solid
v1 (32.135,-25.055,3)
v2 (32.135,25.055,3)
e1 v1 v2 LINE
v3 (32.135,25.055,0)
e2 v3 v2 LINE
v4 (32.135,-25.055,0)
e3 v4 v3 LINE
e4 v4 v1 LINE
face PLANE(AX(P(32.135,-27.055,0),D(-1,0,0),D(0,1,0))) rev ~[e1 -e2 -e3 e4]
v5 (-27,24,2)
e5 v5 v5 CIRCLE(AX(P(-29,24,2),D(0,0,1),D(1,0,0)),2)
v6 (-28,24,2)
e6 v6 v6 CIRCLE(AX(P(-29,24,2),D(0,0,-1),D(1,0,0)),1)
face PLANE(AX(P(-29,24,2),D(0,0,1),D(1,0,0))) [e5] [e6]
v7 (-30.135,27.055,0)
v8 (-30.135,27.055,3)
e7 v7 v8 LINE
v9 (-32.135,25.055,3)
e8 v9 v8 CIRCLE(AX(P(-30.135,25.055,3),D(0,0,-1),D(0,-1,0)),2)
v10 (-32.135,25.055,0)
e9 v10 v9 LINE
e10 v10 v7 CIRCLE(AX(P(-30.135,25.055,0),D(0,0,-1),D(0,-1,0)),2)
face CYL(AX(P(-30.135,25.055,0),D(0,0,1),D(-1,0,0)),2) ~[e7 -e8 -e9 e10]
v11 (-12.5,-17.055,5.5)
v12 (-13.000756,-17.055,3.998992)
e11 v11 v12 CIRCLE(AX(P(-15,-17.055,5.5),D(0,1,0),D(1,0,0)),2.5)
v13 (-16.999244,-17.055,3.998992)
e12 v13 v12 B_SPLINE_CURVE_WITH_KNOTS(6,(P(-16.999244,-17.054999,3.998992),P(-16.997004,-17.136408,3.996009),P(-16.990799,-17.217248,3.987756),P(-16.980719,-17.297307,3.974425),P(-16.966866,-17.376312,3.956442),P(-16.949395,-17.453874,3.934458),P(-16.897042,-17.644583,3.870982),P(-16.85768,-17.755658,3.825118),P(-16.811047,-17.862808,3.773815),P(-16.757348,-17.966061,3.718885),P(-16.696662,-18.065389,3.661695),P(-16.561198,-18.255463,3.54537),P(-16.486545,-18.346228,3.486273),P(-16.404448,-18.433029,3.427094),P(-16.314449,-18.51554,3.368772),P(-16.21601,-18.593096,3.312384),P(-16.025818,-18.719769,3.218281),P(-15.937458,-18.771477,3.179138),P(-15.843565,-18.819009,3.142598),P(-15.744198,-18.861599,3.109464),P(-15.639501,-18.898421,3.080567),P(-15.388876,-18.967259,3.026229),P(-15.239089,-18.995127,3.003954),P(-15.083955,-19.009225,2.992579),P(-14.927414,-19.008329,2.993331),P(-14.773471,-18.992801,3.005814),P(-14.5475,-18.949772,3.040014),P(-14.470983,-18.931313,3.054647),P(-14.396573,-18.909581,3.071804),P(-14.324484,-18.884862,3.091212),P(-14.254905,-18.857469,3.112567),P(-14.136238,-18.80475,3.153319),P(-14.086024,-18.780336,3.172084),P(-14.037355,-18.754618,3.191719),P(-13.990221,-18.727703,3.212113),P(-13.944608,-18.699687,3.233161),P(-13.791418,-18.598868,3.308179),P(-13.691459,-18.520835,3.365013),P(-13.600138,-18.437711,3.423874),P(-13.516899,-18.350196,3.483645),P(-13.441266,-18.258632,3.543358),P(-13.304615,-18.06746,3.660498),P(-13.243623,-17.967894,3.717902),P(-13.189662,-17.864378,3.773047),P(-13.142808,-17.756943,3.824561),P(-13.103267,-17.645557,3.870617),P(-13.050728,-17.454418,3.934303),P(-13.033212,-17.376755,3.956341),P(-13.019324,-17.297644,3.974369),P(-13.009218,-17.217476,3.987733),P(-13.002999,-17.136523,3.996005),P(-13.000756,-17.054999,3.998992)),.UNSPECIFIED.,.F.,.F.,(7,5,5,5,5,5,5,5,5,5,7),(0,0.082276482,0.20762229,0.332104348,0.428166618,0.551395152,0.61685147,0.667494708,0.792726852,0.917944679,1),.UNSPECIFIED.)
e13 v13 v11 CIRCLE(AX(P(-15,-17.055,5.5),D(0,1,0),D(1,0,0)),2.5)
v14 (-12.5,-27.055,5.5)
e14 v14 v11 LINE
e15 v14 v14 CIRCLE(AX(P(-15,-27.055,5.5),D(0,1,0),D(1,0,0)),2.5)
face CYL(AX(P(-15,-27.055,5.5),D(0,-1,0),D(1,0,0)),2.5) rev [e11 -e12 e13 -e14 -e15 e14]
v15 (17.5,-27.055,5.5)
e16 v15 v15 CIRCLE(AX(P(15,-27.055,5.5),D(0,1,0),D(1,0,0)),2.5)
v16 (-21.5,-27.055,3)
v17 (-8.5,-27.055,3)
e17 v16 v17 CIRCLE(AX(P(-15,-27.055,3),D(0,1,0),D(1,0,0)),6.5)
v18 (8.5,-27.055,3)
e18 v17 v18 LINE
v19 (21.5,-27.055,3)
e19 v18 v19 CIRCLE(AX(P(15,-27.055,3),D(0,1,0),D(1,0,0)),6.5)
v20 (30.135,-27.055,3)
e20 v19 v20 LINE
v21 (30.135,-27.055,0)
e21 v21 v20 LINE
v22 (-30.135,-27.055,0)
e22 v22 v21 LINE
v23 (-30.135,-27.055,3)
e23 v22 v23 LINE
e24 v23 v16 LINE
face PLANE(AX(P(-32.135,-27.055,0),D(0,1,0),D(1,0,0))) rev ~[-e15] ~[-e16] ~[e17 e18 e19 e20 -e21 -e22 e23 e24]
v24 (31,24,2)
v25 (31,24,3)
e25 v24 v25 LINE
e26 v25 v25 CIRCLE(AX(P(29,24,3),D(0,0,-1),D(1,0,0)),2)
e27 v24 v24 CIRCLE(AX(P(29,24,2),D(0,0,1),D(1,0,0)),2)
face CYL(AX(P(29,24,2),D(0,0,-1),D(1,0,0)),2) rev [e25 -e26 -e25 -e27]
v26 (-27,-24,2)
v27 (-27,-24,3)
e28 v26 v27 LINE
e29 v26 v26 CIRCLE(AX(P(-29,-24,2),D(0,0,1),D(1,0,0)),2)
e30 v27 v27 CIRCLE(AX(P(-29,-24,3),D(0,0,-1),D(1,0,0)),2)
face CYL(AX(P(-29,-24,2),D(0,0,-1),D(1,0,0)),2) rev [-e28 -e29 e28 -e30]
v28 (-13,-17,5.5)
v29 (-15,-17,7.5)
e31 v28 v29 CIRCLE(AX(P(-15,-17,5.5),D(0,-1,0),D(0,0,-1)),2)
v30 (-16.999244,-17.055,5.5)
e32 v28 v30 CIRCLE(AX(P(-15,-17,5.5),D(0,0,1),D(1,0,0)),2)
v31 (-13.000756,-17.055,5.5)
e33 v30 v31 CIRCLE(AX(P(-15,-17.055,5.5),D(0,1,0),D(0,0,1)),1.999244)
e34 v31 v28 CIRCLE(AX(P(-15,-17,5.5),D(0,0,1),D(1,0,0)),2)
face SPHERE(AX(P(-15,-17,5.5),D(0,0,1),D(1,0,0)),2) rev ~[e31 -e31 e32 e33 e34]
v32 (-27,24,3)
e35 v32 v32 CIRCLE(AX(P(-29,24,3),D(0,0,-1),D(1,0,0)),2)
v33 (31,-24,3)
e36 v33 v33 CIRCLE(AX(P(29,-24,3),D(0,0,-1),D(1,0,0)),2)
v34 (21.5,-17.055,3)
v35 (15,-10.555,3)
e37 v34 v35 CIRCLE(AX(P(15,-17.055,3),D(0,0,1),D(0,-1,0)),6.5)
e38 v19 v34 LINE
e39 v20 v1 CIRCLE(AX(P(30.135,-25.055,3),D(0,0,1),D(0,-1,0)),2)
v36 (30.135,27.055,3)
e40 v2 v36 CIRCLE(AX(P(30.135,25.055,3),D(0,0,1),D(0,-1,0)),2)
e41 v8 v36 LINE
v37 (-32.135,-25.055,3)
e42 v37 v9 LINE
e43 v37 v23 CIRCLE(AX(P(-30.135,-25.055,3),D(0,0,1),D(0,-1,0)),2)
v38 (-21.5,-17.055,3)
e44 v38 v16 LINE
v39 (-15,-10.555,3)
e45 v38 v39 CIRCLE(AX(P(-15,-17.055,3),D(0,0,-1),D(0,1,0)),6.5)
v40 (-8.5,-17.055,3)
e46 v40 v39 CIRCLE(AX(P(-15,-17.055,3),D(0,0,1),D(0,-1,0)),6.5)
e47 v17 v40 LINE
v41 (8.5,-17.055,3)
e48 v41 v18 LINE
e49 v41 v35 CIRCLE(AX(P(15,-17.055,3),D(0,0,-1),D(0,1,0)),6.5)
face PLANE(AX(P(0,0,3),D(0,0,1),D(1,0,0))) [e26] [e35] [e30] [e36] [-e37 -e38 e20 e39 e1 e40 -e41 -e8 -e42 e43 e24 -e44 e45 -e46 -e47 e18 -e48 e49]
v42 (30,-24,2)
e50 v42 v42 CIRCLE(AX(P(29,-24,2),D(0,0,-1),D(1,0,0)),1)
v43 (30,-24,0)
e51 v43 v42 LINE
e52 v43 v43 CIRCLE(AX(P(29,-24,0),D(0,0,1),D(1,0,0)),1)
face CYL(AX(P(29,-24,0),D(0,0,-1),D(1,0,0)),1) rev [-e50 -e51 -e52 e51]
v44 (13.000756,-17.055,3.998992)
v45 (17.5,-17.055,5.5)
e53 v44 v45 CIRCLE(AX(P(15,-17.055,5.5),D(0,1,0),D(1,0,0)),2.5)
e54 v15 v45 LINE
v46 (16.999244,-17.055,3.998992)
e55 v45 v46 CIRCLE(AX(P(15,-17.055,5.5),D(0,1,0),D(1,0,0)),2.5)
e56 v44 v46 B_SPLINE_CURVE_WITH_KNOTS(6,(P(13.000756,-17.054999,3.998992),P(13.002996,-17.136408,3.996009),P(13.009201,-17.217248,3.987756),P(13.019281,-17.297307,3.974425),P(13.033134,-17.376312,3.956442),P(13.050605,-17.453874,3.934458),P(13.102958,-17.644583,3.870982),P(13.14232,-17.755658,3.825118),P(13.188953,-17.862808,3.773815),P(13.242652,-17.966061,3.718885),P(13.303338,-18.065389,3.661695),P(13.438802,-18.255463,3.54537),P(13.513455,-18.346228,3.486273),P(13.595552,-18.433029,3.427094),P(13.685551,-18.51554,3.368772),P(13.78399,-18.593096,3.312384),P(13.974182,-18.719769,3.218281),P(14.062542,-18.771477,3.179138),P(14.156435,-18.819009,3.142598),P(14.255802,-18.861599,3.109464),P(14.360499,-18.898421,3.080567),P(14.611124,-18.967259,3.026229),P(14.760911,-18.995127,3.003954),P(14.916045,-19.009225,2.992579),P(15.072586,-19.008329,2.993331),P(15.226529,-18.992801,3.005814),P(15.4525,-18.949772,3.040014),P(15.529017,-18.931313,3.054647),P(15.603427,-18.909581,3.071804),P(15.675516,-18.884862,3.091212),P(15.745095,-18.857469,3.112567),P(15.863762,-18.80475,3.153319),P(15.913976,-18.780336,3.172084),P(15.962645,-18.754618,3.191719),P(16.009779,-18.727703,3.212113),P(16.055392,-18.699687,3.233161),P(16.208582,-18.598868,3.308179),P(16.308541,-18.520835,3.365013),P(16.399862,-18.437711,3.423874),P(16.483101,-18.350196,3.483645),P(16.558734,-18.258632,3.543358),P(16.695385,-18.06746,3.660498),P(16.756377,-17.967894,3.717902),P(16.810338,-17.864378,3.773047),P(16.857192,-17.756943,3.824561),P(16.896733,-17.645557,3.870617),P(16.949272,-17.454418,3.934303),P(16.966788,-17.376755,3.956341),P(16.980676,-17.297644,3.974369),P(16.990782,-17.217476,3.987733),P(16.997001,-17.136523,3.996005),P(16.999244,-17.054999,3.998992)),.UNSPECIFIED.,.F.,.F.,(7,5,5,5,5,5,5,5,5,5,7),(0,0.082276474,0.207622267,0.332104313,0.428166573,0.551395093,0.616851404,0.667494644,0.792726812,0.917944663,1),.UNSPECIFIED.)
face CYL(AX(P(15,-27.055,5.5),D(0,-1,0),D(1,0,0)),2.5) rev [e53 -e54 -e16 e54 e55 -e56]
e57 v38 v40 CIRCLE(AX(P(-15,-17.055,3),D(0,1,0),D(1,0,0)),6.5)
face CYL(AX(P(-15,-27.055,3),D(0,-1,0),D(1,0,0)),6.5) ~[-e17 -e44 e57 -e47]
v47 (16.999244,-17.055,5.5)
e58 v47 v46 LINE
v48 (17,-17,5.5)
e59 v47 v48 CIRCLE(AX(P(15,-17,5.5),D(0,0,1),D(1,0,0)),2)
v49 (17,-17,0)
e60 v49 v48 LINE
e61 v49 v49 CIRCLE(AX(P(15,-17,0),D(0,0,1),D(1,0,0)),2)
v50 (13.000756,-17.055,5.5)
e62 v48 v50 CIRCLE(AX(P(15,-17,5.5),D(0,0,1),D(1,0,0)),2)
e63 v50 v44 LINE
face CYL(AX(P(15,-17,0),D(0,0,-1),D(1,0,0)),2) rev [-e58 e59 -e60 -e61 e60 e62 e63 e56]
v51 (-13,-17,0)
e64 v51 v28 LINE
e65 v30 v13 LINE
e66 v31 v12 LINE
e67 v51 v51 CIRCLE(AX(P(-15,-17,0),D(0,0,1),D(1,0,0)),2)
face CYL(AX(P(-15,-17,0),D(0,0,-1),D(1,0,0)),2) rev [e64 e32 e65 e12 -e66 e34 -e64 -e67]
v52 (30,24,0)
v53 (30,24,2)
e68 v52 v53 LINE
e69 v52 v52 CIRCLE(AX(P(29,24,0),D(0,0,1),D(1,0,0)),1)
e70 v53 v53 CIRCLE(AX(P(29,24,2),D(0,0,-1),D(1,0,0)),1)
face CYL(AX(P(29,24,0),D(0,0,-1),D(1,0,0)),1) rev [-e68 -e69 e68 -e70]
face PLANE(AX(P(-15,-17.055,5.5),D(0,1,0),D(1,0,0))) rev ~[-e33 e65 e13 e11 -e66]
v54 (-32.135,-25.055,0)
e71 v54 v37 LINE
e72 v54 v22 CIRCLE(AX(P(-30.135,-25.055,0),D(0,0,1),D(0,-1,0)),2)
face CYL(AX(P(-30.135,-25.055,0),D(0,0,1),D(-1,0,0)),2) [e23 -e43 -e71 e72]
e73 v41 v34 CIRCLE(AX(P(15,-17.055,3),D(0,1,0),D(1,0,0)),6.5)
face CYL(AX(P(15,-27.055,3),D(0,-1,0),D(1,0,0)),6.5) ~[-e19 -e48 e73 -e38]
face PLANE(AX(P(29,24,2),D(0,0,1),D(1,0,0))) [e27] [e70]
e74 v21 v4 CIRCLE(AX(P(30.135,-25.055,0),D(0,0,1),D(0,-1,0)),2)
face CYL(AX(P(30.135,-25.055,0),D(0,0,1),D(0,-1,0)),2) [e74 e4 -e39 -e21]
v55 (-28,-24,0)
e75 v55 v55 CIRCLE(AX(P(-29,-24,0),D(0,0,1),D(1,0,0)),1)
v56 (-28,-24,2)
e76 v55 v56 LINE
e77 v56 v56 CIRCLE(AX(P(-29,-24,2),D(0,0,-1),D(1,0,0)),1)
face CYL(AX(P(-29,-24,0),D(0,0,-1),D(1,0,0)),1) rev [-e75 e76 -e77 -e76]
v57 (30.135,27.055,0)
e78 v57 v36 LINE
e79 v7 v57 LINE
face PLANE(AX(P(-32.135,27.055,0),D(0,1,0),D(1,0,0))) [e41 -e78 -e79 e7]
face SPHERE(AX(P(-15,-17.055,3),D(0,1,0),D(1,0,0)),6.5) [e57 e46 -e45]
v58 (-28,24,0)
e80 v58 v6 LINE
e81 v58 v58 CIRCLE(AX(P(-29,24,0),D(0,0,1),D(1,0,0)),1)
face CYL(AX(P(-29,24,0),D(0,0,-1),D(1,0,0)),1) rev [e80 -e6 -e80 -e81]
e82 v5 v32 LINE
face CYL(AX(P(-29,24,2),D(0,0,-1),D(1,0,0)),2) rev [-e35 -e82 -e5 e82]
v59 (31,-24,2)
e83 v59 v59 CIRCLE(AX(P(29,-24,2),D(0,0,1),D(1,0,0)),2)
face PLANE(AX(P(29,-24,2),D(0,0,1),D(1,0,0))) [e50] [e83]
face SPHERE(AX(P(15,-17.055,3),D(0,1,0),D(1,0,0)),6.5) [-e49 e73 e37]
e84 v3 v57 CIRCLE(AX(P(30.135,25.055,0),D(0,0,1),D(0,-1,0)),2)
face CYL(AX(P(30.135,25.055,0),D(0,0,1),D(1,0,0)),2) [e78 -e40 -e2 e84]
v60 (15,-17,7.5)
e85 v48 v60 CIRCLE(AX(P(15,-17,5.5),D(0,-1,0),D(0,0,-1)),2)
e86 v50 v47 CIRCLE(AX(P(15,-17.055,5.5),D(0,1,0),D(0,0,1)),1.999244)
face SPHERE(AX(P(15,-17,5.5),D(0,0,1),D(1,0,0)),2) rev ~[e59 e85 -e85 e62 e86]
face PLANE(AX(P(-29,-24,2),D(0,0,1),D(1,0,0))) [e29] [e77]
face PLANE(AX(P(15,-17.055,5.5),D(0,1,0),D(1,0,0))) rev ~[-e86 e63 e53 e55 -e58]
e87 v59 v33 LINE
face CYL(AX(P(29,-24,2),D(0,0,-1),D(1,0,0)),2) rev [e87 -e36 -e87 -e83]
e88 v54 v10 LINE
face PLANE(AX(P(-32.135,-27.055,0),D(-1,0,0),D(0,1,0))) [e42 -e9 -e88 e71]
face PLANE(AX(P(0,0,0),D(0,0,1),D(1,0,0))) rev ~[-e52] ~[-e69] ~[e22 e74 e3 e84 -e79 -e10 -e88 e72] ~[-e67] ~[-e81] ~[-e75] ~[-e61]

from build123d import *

# Parameters (mm, degrees)
CYLINDER012_R          = 2
CYLINDER012_DEPTH      = 5.5
CYLINDER013_R          = 2
CYLINDER013_DEPTH      = 5.5
BOX001_W               = 16
BOX001_H               = 10
BOX001_DEPTH           = 31
CYLINDER009_R          = 2.5
CYLINDER009_DEPTH      = 10
CYLINDER008_R          = 6.5
CYLINDER008_DEPTH      = 10
CUT001_PLACEMENT_ANGLE = 90
CYLINDER_R             = 2
CYLINDER_DEPTH         = 2
CYLINDER001_R          = 1
CYLINDER001_DEPTH      = 10
CYLINDER002_R          = 2
CYLINDER002_DEPTH      = 2
CYLINDER003_R          = 1
CYLINDER003_DEPTH      = 10
CYLINDER004_R          = 2
CYLINDER004_DEPTH      = 2
CYLINDER005_R          = 1
CYLINDER005_DEPTH      = 10
CYLINDER006_R          = 2
CYLINDER006_DEPTH      = 2
CYLINDER007_R          = 1
CYLINDER007_DEPTH      = 10
BOX_W                  = 64.27
BOX_H                  = 54.11
BOX_DEPTH              = 3
FILLET_R               = 2
BOX002_W               = 16
BOX002_H               = 10
BOX002_DEPTH           = 31
CYLINDER010_R          = 2.5
CYLINDER010_DEPTH      = 10
CYLINDER011_R          = 6.5
CYLINDER011_DEPTH      = 10
CUT002_PLACEMENT_ANGLE = 90


with BuildPart() as cylinder012:
    # Cylinder012 → Cylinder012 (new body)
    with BuildSketch(Plane(origin=(-15, -17, 0), x_dir=(1, 0, 0), z_dir=(0, 0, 1))):
        Circle(CYLINDER012_R)
    extrude(amount=CYLINDER012_DEPTH)


with BuildPart() as fusion016:
    # Sphere002 → Sphere002 (revolve)
    with BuildSketch(Plane(origin=(-15, -17, 5.5), x_dir=(1, 0, 0), z_dir=(0, -1, 0))):
        with BuildLine():
            ThreePointArc((0, -2), (2, 0), (0, 2))
            Line((0, 2), (0, -2))
        make_face()
    revolve(axis=Axis((-15, -17, 5.5), (0, 0, 1)))

    # Fusion016: union Cylinder012
    add(cylinder012.part)


with BuildPart() as cylinder013:
    # Cylinder013 → Cylinder013 (new body)
    with BuildSketch(Plane(origin=(-15, -17, 0), x_dir=(1, 0, 0), z_dir=(0, 0, 1))):
        Circle(CYLINDER013_R)
    extrude(amount=CYLINDER013_DEPTH)


with BuildPart() as fusion018:
    # Sphere003 → Sphere003 (revolve)
    with BuildSketch(Plane(origin=(-15, -17, 5.5), x_dir=(1, 0, 0), z_dir=(0, -1, 0))):
        with BuildLine():
            ThreePointArc((0, -2), (2, 0), (0, 2))
            Line((0, 2), (0, -2))
        make_face()
    revolve(axis=Axis((-15, -17, 5.5), (0, 0, 1)))

    # Fusion017: union Cylinder013
    add(cylinder013.part)


with BuildPart() as fusion018_1:
    # Fusion017 placement: moved
    add(fusion018.part.moved(Location((30, 0, 0))))

    # Fusion018: union Fusion016
    add(fusion016.part)


with BuildPart() as cube001:
    # Box001 → Box001 (new body)
    with BuildSketch(Plane(origin=(-8, 0, 0), x_dir=(1, 0, 0), z_dir=(0, 0, 1))):
        with Locations((8, 5)):
            Rectangle(BOX001_W, BOX001_H)
    extrude(amount=BOX001_DEPTH)


with BuildPart() as fusion011:
    # Cylinder009 → Cylinder009 (new body)
    with BuildSketch(Plane(origin=(0, -2.5, 0), x_dir=(1, 0, 0), z_dir=(0, 0, 1))):
        Circle(CYLINDER009_R)
    extrude(amount=CYLINDER009_DEPTH)

    # Fusion011: union Cube001
    add(cube001.part)


with BuildPart() as cylinder008:
    # Cylinder008 → Cylinder008 (new body)
    with BuildSketch(Plane.XY):
        Circle(CYLINDER008_R)
    extrude(amount=CYLINDER008_DEPTH)


with BuildPart() as hump:
    # Sphere → Sphere (revolve)
    with BuildSketch(Plane(origin=(0, 0, 10), x_dir=(1, 0, 0), z_dir=(0, -1, 0))):
        with BuildLine():
            ThreePointArc((0, -6.5), (6.5, 0), (0, 6.5))
            Line((0, 6.5), (0, -6.5))
        make_face()
    revolve(axis=Axis((0, 0, 10), (0, 0, 1)))

    # Fusion010: union Cylinder008
    add(cylinder008.part)

    # Cut001: cut Fusion011
    add(fusion011.part, mode=Mode.SUBTRACT)


with BuildPart() as hump_1:
    # Cut001 placement: moved
    add(hump.part.moved(Location((-15, -27.055, 3))).rotate(Axis((-15, -27.055, 3), (-1, 0, 0)), CUT001_PLACEMENT_ANGLE))


with BuildPart() as cylinder:
    # Cylinder → Cylinder (new body)
    with BuildSketch(Plane.XY.offset(2)):
        Circle(CYLINDER_R)
    extrude(amount=CYLINDER_DEPTH)


with BuildPart() as screwhole:
    # Cylinder001 → Cylinder001 (new body)
    with BuildSketch(Plane.XY):
        Circle(CYLINDER001_R)
    extrude(amount=CYLINDER001_DEPTH)

    # Fusion: union Cylinder
    add(cylinder.part)


with BuildPart() as screwhole_1:
    # Fusion placement: moved
    add(screwhole.part.moved(Location((29, 24, 0))))


with BuildPart() as cylinder002:
    # Cylinder002 → Cylinder002 (new body)
    with BuildSketch(Plane.XY.offset(2)):
        Circle(CYLINDER002_R)
    extrude(amount=CYLINDER002_DEPTH)


with BuildPart() as screwhole001:
    # Cylinder003 → Cylinder003 (new body)
    with BuildSketch(Plane.XY):
        Circle(CYLINDER003_R)
    extrude(amount=CYLINDER003_DEPTH)

    # Fusion006: union Cylinder002
    add(cylinder002.part)


with BuildPart() as screwhole001_1:
    # Fusion006 placement: moved
    add(screwhole001.part.moved(Location((-29, 24, 0))))


with BuildPart() as cylinder004:
    # Cylinder004 → Cylinder004 (new body)
    with BuildSketch(Plane.XY.offset(2)):
        Circle(CYLINDER004_R)
    extrude(amount=CYLINDER004_DEPTH)


with BuildPart() as screwhole002:
    # Cylinder005 → Cylinder005 (new body)
    with BuildSketch(Plane.XY):
        Circle(CYLINDER005_R)
    extrude(amount=CYLINDER005_DEPTH)

    # Fusion007: union Cylinder004
    add(cylinder004.part)


with BuildPart() as screwhole002_1:
    # Fusion007 placement: moved
    add(screwhole002.part.moved(Location((29, -24, 0))))


with BuildPart() as cylinder006:
    # Cylinder006 → Cylinder006 (new body)
    with BuildSketch(Plane.XY.offset(2)):
        Circle(CYLINDER006_R)
    extrude(amount=CYLINDER006_DEPTH)


with BuildPart() as screwholes:
    # Cylinder007 → Cylinder007 (new body)
    with BuildSketch(Plane.XY):
        Circle(CYLINDER007_R)
    extrude(amount=CYLINDER007_DEPTH)

    # Fusion008: union Cylinder006
    add(cylinder006.part)


with BuildPart() as screwholes_1:
    # Fusion008 placement: moved
    add(screwholes.part.moved(Location((-29, -24, 0))))

    # Fusion009: union screwHole, screwHole001, screwHole002
    add(screwhole_1.part)
    add(screwhole001_1.part)
    add(screwhole002_1.part)


with BuildPart() as cut:
    # Box → Box (new body)
    with BuildSketch(Plane(origin=(-32.135, -27.055, 0), x_dir=(1, 0, 0), z_dir=(0, 0, 1))):
        with Locations((32.135, 27.055)):
            Rectangle(BOX_W, BOX_H)
    extrude(amount=BOX_DEPTH)

    # Fillet
    fillet_edges = [cut.edges().sort_by_distance(p)[0] for p in [
        (-32.135, -27.055, 1.5),
        (-32.135, 27.055, 1.5),
        (32.135, -27.055, 1.5),
        (32.135, 27.055, 1.5),
    ]]
    fillet(fillet_edges, radius=FILLET_R)

    # Cut: cut ScrewHoles
    add(screwholes_1.part, mode=Mode.SUBTRACT)


with BuildPart() as cube002:
    # Box002 → Box002 (new body)
    with BuildSketch(Plane(origin=(-8, 0, 0), x_dir=(1, 0, 0), z_dir=(0, 0, 1))):
        with Locations((8, 5)):
            Rectangle(BOX002_W, BOX002_H)
    extrude(amount=BOX002_DEPTH)


with BuildPart() as fusion012:
    # Cylinder010 → Cylinder010 (new body)
    with BuildSketch(Plane(origin=(0, -2.5, 0), x_dir=(1, 0, 0), z_dir=(0, 0, 1))):
        Circle(CYLINDER010_R)
    extrude(amount=CYLINDER010_DEPTH)

    # Fusion012: union Cube002
    add(cube002.part)


with BuildPart() as cylinder011:
    # Cylinder011 → Cylinder011 (new body)
    with BuildSketch(Plane.XY):
        Circle(CYLINDER011_R)
    extrude(amount=CYLINDER011_DEPTH)


with BuildPart() as displayback:
    # Sphere001 → Sphere001 (revolve)
    with BuildSketch(Plane(origin=(0, 0, 10), x_dir=(1, 0, 0), z_dir=(0, -1, 0))):
        with BuildLine():
            ThreePointArc((0, -6.5), (6.5, 0), (0, 6.5))
            Line((0, 6.5), (0, -6.5))
        make_face()
    revolve(axis=Axis((0, 0, 10), (0, 0, 1)))

    # Fusion013: union Cylinder011
    add(cylinder011.part)

    # Cut002: cut Fusion012
    add(fusion012.part, mode=Mode.SUBTRACT)


with BuildPart() as displayback_1:
    # Cut002 placement: moved
    add(displayback.part.moved(Location((15, -27.055, 3))).rotate(Axis((15, -27.055, 3), (-1, 0, 0)), CUT002_PLACEMENT_ANGLE))

    # Fusion015: union Hump, Cut
    add(hump_1.part)
    add(cut.part)

    # Cut003: cut Fusion018
    add(fusion018_1.part, mode=Mode.SUBTRACT)


solid = displayback_1.part
